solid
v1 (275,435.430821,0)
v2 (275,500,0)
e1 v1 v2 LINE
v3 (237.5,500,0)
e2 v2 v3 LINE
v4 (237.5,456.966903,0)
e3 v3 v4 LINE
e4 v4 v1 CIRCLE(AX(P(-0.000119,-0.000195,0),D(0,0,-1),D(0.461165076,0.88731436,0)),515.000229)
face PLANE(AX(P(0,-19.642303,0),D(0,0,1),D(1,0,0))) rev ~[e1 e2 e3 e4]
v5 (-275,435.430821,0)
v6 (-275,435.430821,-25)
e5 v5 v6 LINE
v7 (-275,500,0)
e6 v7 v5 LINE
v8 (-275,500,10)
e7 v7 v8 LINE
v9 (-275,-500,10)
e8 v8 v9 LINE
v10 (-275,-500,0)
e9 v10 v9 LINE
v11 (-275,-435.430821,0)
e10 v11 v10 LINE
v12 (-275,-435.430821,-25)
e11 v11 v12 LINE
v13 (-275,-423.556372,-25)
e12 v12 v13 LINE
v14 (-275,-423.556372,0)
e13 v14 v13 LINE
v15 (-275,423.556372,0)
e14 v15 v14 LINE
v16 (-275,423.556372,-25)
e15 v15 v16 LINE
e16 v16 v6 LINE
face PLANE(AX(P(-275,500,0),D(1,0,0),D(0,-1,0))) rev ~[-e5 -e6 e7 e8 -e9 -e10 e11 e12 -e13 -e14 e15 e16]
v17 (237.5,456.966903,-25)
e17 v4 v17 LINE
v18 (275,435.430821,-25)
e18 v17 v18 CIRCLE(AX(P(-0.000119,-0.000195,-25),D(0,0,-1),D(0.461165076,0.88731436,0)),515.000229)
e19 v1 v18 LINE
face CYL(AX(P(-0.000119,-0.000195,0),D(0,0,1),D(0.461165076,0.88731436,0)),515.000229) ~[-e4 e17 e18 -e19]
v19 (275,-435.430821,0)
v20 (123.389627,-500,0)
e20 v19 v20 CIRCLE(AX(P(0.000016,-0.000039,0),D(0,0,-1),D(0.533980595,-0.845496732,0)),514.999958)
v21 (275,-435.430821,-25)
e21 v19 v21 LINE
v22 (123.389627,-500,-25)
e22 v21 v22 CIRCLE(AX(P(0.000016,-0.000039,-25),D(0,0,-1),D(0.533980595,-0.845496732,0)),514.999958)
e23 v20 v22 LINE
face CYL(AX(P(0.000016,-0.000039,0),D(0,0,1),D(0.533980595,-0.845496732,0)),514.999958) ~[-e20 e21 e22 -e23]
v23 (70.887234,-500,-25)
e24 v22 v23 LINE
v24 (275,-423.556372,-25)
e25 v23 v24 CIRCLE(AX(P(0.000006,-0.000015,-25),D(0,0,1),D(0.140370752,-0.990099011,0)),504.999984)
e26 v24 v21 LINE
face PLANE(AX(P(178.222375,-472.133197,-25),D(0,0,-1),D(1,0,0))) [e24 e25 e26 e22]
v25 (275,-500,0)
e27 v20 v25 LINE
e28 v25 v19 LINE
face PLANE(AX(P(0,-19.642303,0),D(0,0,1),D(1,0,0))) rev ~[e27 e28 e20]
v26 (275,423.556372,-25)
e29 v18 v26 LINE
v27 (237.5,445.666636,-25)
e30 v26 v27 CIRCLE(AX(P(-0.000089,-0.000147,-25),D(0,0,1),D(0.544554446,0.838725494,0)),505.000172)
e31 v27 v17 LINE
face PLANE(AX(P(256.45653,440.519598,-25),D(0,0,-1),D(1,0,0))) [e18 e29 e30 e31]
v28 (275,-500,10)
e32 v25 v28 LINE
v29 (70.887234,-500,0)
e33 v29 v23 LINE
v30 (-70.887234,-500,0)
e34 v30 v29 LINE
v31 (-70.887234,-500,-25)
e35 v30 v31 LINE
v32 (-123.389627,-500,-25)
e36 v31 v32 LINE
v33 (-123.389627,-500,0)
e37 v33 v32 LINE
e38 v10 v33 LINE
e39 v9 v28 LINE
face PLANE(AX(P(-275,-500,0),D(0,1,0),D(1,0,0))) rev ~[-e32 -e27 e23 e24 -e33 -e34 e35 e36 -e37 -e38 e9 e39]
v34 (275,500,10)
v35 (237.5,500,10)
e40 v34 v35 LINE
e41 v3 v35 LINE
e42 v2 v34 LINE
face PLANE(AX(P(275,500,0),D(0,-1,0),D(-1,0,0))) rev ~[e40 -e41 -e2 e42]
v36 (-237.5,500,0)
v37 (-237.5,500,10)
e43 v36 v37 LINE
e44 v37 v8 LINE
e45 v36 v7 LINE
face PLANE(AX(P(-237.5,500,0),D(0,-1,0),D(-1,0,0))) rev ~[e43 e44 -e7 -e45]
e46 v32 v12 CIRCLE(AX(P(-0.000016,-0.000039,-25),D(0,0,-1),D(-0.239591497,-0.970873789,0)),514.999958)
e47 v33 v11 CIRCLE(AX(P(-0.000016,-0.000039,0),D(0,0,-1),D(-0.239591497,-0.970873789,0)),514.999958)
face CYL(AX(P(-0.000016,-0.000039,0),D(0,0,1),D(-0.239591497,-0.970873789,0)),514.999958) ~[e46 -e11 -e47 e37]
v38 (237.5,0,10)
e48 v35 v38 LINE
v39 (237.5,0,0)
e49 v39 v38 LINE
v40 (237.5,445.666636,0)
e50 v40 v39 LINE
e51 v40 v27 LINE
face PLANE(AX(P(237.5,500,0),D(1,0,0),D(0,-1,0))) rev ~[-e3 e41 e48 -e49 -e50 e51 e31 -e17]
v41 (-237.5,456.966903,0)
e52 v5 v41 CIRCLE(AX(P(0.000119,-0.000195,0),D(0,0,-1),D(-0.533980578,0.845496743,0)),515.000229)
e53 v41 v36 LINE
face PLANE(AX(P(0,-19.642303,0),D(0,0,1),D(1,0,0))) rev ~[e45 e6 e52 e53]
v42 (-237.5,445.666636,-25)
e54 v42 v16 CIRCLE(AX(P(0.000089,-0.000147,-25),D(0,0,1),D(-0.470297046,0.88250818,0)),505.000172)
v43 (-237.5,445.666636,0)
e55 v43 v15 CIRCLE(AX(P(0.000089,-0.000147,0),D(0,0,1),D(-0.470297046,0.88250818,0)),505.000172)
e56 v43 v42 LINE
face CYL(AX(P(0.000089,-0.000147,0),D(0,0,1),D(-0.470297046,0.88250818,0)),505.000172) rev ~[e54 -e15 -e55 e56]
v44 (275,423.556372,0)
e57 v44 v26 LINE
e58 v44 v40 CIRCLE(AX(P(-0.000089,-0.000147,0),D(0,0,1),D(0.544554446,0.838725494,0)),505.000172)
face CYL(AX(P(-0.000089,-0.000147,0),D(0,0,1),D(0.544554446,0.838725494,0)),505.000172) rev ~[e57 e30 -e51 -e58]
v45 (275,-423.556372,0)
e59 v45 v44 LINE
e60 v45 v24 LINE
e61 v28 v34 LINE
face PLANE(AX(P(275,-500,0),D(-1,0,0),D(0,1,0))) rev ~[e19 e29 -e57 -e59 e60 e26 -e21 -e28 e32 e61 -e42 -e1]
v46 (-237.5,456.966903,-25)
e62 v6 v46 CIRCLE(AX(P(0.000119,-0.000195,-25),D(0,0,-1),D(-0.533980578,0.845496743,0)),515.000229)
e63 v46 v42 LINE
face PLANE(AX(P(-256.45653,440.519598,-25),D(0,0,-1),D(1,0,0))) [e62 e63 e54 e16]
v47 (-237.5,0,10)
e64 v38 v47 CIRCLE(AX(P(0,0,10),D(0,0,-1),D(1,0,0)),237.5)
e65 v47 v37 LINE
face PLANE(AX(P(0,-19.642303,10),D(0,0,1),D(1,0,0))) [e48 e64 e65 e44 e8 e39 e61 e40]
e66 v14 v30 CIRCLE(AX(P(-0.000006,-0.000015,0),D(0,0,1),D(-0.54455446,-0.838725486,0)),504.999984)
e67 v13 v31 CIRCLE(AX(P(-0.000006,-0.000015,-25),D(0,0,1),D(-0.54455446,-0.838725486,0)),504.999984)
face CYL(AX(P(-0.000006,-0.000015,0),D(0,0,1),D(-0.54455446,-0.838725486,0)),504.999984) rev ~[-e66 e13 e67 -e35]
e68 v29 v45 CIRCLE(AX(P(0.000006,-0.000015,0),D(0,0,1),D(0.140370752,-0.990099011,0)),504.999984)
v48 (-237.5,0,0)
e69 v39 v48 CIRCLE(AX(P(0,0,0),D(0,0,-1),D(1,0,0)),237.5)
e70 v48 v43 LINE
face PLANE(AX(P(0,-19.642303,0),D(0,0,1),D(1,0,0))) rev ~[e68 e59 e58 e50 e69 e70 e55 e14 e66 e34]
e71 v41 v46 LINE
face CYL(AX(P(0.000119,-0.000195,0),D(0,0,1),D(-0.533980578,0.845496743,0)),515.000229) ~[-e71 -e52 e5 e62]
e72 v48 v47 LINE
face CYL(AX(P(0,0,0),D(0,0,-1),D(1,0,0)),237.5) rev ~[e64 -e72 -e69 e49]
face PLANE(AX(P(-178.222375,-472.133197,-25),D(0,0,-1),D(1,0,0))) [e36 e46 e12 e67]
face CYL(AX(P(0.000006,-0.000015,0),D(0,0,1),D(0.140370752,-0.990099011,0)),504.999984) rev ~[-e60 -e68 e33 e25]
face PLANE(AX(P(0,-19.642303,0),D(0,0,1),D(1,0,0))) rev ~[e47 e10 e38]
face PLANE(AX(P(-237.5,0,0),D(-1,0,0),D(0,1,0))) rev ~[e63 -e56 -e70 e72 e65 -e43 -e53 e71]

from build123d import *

# Parameters (mm, degrees)
F1_DEPTH = 10
F3_DEPTH = 25


with BuildPart() as f1:
    # F0 (on Top) → F1 (new body)
    with BuildSketch(Plane.XY):
        with BuildLine():
            ThreePointArc((237.5, 0), (0, -237.5), (-237.5, 0))
            Line((-237.5, 0), (-237.5, 500))
            Line((-237.5, 500), (-275, 500))
            Line((-275, 500), (-275, -500))
            Line((-275, -500), (275, -500))
            Line((275, -500), (275, 500))
            Line((275, 500), (237.5, 500))
            Line((237.5, 500), (237.5, 0))
        make_face()
    extrude(amount=F1_DEPTH)

    # F2 (on face) → F3 (join)
    with BuildSketch(Plane(origin=(0, 0, 0), x_dir=(1, 0, 0), z_dir=(0, 0, -1))):
        with BuildLine():
            ThreePointArc((-275, 423.556372), (-177.116916, 472.921345), (-70.887234, 500))
            Line((-70.887234, 500), (-123.389627, 500))
            ThreePointArc((-123.389627, 500), (-201.794124, 473.81867), (-275, 435.430821))
            Line((-275, 435.430821), (-275, 423.556372))
        make_face()
        with BuildLine():
            ThreePointArc((275, -423.556372), (256.488359, -435.015772), (237.5, -445.666636))
            Line((237.5, -445.666636), (237.5, -456.966903))
            ThreePointArc((237.5, -456.966903), (256.476145, -446.592641), (275, -435.430821))
            Line((275, -435.430821), (275, -423.556372))
        make_face()
        with BuildLine():
            ThreePointArc((-275, -435.430821), (-256.476145, -446.592641), (-237.5, -456.966903))
            Line((-237.5, -456.966903), (-237.5, -445.666636))
            ThreePointArc((-237.5, -445.666636), (-256.488359, -435.015772), (-275, -423.556372))
            Line((-275, -423.556372), (-275, -435.430821))
        make_face()
        with BuildLine():
            Line((123.389627, 500), (70.887234, 500))
            ThreePointArc((70.887234, 500), (177.116916, 472.921345), (275, 423.556372))
            Line((275, 423.556372), (275, 435.430821))
            ThreePointArc((275, 435.430821), (201.794124, 473.81867), (123.389627, 500))
        make_face()
    extrude(amount=F3_DEPTH)


solid = f1.part
